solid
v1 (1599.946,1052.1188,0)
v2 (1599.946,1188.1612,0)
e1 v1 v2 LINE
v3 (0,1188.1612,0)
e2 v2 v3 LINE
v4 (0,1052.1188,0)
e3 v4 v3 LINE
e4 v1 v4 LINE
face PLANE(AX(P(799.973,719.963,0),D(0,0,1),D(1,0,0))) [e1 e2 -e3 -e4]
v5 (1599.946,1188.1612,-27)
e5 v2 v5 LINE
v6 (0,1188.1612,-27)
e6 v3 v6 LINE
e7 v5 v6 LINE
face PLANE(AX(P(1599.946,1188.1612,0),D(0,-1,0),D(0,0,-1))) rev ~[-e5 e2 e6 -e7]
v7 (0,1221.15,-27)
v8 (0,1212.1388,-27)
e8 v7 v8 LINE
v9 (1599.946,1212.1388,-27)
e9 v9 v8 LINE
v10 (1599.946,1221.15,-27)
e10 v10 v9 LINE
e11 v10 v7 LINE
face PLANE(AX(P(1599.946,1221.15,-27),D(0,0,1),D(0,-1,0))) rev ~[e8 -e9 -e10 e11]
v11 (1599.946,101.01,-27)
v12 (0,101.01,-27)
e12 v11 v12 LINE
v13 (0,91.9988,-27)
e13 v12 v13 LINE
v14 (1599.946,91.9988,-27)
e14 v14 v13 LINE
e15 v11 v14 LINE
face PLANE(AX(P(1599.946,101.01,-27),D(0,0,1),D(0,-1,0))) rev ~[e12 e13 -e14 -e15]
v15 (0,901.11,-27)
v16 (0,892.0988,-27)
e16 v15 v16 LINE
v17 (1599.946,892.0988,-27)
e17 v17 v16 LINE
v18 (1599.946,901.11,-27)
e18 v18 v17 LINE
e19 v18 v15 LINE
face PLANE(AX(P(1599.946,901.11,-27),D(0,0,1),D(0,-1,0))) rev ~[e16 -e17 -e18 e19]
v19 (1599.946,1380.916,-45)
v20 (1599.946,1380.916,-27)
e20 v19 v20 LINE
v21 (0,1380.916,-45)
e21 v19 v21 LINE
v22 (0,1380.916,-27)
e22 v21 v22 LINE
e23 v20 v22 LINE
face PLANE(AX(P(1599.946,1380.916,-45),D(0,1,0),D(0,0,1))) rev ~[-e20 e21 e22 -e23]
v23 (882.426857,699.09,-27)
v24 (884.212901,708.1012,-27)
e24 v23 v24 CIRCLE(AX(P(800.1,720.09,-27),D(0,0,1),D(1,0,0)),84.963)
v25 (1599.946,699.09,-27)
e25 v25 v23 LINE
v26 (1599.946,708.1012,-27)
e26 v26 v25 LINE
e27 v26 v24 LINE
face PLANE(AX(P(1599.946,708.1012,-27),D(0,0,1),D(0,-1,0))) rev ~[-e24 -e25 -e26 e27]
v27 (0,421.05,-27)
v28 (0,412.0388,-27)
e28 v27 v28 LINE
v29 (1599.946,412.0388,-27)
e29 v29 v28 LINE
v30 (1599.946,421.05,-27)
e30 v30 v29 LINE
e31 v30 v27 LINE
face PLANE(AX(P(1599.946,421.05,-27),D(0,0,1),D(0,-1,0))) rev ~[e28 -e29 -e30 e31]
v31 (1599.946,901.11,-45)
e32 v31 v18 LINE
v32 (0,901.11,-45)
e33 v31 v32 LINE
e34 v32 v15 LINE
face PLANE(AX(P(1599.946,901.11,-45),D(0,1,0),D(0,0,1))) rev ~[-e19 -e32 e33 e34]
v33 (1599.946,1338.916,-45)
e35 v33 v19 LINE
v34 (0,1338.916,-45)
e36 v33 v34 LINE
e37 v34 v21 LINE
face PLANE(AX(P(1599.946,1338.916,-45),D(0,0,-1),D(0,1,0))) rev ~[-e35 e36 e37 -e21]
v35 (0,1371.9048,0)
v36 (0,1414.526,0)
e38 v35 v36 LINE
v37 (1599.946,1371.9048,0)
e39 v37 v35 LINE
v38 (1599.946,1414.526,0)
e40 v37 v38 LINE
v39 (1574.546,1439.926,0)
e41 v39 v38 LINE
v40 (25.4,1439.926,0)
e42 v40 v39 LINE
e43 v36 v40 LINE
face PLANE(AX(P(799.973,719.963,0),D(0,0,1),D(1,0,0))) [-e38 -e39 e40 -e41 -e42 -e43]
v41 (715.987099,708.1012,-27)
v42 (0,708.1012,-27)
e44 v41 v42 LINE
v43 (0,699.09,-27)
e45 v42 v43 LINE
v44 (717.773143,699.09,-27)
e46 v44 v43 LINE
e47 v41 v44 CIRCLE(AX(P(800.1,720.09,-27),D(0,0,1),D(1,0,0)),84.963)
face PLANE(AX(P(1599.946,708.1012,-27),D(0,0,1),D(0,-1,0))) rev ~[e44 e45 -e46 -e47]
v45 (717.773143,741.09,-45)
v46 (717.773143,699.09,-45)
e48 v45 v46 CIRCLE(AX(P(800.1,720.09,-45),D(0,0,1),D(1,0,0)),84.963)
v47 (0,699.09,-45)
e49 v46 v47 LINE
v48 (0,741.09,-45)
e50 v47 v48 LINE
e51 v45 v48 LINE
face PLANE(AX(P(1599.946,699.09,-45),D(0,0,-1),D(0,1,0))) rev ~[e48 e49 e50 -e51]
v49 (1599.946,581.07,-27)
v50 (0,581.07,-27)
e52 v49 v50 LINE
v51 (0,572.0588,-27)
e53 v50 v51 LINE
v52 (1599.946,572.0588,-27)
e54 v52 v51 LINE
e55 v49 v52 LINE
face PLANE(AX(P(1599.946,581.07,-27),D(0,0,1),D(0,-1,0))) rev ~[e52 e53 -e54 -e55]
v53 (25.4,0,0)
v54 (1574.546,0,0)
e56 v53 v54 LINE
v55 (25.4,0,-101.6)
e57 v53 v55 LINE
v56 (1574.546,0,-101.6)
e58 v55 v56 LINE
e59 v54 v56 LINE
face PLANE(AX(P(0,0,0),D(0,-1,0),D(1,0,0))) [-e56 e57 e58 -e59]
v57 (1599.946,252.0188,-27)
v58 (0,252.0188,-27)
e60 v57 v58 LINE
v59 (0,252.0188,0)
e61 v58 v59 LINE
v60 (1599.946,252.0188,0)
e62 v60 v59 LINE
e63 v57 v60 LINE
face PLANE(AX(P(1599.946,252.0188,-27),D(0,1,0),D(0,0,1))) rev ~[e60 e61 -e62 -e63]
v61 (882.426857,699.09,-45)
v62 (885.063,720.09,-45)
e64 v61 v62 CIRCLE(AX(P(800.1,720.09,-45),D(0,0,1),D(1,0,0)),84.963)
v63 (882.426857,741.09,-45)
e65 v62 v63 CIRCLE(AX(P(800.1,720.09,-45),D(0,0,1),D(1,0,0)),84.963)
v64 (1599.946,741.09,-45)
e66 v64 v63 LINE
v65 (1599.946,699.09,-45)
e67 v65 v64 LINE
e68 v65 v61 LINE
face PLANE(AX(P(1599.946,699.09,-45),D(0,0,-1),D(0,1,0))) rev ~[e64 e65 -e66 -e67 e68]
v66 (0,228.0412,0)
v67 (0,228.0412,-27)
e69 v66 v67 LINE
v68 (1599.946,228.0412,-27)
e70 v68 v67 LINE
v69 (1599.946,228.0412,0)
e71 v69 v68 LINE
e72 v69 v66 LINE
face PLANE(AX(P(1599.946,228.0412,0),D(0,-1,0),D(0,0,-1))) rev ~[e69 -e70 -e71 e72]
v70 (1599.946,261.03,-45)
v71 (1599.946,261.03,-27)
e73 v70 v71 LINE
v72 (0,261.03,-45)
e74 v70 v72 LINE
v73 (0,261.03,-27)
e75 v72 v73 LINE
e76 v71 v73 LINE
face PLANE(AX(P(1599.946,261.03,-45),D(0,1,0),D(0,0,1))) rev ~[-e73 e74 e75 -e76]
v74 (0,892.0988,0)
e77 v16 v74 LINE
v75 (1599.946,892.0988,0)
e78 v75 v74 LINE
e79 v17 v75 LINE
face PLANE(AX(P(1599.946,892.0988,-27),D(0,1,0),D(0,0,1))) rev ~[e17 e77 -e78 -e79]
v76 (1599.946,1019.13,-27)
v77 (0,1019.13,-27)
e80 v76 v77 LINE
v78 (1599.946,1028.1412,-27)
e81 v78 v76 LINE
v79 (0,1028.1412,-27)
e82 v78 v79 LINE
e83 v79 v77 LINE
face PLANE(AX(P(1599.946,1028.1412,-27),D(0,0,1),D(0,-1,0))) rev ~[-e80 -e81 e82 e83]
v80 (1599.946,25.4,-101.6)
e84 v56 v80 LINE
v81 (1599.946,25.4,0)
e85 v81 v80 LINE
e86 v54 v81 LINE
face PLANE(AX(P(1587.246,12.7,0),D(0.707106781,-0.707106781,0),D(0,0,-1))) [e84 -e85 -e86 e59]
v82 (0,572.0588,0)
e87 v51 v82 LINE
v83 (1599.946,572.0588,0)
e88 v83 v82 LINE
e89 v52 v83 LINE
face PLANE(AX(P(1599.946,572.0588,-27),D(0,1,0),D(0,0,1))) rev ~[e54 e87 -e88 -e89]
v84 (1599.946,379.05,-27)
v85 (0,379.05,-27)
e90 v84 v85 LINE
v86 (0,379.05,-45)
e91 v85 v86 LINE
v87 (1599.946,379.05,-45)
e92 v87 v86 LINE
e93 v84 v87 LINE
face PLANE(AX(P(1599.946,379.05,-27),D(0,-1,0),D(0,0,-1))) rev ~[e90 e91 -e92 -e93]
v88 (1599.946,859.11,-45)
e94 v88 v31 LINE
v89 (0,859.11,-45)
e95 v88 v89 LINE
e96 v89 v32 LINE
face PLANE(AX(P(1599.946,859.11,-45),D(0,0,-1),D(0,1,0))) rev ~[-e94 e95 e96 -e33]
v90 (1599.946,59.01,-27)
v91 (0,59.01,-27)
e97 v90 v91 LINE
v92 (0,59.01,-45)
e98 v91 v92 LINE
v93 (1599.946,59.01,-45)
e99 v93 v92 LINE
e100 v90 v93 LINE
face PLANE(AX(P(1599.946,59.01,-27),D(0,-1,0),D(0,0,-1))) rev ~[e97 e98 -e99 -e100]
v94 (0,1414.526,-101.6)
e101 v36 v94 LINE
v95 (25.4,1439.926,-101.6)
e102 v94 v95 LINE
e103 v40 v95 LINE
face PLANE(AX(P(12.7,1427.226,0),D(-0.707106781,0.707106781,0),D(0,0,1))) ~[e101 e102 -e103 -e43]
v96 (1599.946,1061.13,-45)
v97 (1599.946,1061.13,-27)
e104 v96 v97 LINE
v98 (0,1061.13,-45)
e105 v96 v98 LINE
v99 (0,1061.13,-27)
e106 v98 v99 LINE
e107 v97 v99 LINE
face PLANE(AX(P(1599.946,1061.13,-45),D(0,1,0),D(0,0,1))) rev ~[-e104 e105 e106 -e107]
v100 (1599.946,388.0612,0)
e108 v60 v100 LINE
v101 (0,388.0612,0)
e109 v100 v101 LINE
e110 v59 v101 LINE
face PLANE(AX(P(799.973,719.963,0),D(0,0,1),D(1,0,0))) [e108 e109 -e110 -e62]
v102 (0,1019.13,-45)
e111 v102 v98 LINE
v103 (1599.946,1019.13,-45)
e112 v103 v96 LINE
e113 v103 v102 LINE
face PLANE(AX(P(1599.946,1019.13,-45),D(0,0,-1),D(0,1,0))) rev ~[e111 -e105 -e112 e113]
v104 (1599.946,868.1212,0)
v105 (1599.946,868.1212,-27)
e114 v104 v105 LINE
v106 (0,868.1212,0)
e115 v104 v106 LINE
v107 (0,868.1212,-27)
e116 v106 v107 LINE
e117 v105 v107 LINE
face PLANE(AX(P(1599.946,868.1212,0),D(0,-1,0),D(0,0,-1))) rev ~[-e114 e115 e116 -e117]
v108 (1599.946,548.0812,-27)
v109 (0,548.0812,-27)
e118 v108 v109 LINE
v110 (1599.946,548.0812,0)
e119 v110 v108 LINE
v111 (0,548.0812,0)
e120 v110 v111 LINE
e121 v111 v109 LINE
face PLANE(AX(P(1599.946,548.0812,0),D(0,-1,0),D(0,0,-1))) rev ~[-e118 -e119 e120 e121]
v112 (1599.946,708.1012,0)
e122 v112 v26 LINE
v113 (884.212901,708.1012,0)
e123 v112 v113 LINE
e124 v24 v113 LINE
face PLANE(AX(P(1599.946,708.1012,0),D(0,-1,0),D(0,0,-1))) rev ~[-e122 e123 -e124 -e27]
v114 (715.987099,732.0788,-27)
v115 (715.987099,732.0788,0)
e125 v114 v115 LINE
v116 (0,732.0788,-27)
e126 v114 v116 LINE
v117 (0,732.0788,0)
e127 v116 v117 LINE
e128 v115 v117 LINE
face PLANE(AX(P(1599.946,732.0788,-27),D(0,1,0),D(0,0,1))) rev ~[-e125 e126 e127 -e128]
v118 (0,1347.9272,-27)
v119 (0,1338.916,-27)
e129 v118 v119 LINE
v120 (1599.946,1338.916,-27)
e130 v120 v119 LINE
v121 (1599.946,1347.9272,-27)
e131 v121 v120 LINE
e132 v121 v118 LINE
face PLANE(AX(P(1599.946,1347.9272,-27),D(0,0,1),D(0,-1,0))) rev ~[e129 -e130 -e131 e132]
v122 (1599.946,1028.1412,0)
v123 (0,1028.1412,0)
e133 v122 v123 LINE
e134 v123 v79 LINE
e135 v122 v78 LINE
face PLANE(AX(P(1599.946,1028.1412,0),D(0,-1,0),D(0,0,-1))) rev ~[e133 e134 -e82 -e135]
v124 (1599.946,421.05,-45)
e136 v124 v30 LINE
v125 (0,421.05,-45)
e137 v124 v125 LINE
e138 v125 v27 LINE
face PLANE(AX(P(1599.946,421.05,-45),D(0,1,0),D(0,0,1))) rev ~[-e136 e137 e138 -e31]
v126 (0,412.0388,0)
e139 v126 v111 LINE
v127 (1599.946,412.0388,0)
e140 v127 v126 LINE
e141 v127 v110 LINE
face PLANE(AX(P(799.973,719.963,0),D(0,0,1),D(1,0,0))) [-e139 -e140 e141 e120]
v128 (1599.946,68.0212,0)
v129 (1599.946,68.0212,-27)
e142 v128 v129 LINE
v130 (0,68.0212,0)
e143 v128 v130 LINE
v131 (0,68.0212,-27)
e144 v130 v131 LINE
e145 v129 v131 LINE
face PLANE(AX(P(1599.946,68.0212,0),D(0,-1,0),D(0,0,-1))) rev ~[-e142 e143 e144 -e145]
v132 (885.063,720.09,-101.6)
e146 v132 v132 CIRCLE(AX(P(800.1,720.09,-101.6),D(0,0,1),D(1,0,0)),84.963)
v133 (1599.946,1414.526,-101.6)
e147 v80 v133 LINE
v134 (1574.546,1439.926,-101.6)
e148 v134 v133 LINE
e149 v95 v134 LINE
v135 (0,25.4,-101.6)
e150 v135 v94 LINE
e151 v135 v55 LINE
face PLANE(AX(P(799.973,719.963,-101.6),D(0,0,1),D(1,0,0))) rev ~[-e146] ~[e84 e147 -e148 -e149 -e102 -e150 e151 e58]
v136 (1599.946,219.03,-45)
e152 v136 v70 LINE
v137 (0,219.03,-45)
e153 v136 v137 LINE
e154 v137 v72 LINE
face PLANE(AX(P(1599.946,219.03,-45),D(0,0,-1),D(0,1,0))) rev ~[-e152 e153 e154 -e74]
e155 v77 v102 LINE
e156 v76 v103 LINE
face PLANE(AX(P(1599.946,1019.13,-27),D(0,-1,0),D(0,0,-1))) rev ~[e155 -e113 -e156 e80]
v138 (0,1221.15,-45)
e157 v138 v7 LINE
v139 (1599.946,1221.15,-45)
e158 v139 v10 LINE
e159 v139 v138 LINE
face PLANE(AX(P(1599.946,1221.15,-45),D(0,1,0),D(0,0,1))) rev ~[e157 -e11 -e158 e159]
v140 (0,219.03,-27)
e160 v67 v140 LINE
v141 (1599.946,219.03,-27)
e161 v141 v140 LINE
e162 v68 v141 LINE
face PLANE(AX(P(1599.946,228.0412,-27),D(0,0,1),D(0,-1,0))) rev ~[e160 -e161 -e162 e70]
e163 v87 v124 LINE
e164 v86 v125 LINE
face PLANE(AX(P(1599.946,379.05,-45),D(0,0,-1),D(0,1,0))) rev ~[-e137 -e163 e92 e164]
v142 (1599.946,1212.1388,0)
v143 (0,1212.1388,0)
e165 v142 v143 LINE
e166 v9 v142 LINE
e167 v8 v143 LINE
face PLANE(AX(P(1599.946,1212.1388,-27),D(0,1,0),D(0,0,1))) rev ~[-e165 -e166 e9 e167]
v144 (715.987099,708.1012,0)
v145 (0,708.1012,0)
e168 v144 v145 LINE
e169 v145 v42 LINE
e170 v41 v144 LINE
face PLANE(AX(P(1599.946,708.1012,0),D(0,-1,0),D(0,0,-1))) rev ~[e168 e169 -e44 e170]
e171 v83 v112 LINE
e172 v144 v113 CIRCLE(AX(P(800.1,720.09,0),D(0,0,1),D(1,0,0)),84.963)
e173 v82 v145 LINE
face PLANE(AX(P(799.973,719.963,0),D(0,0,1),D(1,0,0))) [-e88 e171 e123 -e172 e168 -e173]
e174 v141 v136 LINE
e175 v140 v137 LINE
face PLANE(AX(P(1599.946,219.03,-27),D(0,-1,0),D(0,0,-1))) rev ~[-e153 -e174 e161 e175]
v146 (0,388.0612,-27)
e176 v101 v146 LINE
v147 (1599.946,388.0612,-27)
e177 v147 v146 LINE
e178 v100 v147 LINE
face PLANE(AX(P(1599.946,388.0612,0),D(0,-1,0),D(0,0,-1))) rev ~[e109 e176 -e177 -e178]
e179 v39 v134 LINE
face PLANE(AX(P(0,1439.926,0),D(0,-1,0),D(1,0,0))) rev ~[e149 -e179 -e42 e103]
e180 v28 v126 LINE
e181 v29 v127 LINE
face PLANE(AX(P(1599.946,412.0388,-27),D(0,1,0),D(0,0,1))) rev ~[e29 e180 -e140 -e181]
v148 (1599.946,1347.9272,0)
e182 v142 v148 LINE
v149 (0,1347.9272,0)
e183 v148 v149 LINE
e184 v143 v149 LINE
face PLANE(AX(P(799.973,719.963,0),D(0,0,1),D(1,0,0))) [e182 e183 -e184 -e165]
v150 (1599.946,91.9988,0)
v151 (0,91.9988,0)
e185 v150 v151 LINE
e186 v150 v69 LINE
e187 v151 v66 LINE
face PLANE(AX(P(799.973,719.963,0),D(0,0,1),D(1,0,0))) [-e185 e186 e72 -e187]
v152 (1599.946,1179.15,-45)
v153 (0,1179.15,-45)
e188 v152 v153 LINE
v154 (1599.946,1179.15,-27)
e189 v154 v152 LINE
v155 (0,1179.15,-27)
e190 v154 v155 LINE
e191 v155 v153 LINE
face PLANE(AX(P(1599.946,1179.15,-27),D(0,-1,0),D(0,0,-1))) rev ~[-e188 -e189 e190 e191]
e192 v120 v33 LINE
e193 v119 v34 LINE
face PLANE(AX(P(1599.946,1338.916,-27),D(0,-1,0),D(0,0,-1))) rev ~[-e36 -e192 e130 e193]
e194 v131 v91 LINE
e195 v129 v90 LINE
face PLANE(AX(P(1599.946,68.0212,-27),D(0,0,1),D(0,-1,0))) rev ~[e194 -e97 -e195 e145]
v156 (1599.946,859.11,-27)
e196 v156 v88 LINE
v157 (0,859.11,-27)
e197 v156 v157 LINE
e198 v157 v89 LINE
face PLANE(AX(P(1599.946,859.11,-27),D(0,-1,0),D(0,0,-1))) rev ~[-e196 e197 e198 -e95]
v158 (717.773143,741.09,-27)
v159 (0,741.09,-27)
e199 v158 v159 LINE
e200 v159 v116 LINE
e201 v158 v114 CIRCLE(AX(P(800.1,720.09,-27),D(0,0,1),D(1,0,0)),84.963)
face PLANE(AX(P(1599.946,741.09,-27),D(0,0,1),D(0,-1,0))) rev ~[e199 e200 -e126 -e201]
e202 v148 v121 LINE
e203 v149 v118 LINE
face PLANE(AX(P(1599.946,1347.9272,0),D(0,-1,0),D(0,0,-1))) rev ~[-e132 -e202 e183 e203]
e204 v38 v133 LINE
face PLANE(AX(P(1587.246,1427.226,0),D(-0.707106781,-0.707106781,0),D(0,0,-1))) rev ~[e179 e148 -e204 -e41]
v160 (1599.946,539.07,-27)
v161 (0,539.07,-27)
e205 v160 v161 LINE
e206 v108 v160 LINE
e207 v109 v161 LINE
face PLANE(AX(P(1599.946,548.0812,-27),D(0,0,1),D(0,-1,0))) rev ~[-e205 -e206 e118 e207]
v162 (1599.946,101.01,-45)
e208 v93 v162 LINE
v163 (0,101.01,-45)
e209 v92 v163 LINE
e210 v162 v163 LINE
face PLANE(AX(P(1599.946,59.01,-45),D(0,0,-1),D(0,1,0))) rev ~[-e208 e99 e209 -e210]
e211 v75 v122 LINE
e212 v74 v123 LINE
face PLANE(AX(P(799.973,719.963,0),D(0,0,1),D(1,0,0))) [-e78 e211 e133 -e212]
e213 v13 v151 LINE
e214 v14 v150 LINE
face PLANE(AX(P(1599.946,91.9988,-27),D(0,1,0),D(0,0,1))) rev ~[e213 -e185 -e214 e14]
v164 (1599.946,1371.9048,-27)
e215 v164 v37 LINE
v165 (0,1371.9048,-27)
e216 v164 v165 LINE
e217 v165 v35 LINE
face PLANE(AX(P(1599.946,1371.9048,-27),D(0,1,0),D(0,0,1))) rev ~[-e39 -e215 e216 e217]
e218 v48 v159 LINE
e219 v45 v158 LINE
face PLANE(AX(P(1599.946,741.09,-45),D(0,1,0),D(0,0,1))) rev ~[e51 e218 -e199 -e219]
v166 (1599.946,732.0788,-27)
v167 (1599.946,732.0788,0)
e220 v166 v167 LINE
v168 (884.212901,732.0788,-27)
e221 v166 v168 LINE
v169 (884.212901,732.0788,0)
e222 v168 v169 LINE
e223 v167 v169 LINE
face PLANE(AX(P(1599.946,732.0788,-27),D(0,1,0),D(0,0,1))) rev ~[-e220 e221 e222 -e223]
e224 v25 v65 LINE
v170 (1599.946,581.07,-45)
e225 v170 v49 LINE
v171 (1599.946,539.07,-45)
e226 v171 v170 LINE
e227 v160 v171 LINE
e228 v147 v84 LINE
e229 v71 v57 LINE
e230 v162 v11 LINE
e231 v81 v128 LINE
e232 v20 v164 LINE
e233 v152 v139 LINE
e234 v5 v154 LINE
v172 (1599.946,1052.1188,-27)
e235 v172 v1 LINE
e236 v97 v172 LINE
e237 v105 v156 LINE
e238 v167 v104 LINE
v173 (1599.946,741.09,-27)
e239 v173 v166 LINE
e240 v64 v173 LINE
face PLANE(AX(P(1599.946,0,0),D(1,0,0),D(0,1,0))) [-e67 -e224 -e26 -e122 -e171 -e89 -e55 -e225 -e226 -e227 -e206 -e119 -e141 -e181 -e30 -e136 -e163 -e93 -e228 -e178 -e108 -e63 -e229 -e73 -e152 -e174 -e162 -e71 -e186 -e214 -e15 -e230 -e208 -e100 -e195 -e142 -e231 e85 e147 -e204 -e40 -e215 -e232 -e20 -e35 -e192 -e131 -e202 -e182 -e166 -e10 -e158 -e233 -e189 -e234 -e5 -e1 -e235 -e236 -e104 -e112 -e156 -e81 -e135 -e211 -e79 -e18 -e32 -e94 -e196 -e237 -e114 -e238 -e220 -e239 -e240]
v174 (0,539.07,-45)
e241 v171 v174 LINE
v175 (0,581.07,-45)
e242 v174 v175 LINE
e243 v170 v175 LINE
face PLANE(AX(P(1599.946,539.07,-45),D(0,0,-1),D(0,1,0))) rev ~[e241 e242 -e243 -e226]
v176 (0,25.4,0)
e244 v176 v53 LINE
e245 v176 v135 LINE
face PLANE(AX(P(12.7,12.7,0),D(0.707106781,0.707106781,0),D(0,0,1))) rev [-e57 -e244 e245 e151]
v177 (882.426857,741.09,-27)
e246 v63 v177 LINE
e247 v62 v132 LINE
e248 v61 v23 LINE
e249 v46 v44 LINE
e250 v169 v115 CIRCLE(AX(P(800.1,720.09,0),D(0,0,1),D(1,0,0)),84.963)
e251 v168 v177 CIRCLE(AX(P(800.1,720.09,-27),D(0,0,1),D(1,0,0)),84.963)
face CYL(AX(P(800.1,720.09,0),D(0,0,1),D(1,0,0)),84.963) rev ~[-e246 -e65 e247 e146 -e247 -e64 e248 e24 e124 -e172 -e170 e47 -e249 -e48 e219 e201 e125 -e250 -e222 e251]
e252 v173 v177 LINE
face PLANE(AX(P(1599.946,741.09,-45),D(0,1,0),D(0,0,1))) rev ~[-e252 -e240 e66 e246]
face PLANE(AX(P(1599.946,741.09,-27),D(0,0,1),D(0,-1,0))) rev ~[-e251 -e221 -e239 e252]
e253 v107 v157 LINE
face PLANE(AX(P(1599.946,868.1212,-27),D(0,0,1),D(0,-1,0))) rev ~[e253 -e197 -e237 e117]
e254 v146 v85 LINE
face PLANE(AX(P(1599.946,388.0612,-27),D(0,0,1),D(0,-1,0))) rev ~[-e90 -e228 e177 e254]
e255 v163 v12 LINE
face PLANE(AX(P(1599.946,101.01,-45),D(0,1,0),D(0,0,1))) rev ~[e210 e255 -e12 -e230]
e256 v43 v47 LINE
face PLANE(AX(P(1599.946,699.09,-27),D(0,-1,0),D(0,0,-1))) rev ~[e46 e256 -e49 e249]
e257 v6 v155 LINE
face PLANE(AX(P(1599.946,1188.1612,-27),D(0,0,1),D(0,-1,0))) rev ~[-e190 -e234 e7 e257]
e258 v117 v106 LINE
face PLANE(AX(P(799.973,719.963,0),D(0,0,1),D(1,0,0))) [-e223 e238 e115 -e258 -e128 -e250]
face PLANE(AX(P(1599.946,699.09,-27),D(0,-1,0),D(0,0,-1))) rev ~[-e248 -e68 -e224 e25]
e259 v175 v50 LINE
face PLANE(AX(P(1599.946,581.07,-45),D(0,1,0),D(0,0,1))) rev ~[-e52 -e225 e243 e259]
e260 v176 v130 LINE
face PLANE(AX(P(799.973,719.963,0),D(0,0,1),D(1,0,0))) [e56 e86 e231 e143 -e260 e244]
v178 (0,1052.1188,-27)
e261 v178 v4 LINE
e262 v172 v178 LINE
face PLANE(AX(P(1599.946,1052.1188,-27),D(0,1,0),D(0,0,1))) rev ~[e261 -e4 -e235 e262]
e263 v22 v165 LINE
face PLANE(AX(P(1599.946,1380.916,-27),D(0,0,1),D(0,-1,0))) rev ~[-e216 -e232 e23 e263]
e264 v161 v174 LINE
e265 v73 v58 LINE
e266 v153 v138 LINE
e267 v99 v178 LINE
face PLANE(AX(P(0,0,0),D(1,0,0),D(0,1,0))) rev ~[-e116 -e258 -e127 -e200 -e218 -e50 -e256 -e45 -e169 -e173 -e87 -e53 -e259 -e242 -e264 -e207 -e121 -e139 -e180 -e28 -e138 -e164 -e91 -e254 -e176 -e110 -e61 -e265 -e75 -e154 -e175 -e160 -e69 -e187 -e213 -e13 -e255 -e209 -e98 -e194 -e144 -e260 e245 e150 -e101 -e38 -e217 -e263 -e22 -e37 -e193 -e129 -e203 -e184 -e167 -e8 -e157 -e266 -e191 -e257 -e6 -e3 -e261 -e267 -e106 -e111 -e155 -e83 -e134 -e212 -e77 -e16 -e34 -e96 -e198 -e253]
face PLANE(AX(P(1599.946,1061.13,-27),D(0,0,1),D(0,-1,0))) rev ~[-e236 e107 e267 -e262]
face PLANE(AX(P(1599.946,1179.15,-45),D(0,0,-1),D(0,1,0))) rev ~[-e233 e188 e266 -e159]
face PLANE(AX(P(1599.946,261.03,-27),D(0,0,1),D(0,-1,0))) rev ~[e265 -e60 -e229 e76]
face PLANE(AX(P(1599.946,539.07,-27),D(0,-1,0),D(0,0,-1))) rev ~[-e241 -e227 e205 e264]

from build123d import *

# Parameters (mm, degrees)
F0_W     = 1599.946
F0_H     = 1439.926
F1_DEPTH = 101.6
F3_DEPTH = 1599.947
F4_SIZE  = 25.4
F5_R     = 84.963
F6_DEPTH = 101.601


with BuildPart() as f1:
    # F0 (on Top) → F1 (new body)
    with BuildSketch(Plane.XY):
        with Locations((799.973, 719.963)):
            Rectangle(F0_W, F0_H)
    extrude(amount=-F1_DEPTH)

    # F2 (on face) → F3 (cut, through all)
    with BuildSketch(Plane.YZ.offset(1599.946)):
        Polygon((91.9988, 0), (68.0212, 0), (68.0212, -26.9914), (68.0212, -27), (59.01, -27), (59.01, -45), (101.01, -45), (101.01, -27), (91.9988, -27), (91.9988, -26.9914), align=None)
        Polygon((1371.9048, -26.9914), (1371.9048, 0), (1347.9272, 0), (1347.9272, -26.9914), (1347.9272, -27), (1338.916, -27), (1338.916, -45), (1380.916, -45), (1380.916, -27), (1371.9048, -27), align=None)
        Polygon((261.03, -27), (252.0188, -27), (252.0188, -26.9914), (252.0188, 0), (228.0412, 0), (228.0412, -26.9914), (228.0412, -27), (219.03, -27), (219.03, -45), (261.03, -45), align=None)
        Polygon((421.05, -27), (412.0388, -27), (412.0388, -26.9914), (412.0388, 0), (388.0612, 0), (388.0612, -26.9914), (388.0612, -27), (379.05, -27), (379.05, -45), (421.05, -45), align=None)
        Polygon((581.07, -27), (572.0588, -27), (572.0588, -26.9914), (572.0588, 0), (548.0812, 0), (548.0812, -26.9914), (548.0812, -27), (539.07, -27), (539.07, -45), (581.07, -45), align=None)
        Polygon((741.09, -27), (732.0788, -27), (732.0788, -26.9914), (732.0788, 0), (708.1012, 0), (708.1012, -26.9914), (708.1012, -27), (699.09, -27), (699.09, -45), (741.09, -45), align=None)
        Polygon((901.11, -27), (892.0988, -27), (892.0988, -26.9914), (892.0988, 0), (868.1212, 0), (868.1212, -26.9914), (868.1212, -27), (859.11, -27), (859.11, -45), (901.11, -45), align=None)
        Polygon((1061.13, -27), (1052.1188, -27), (1052.1188, -26.9914), (1052.1188, 0), (1028.1412, 0), (1028.1412, -26.9914), (1028.1412, -27), (1019.13, -27), (1019.13, -45), (1061.13, -45), align=None)
        Polygon((1221.15, -27), (1212.1388, -27), (1212.1388, -26.9914), (1212.1388, 0), (1188.1612, 0), (1188.1612, -26.9914), (1188.1612, -27), (1179.15, -27), (1179.15, -45), (1221.15, -45), align=None)
    extrude(amount=-F3_DEPTH, mode=Mode.SUBTRACT)

    # F4
    f4_edges = [f1.edges().sort_by_distance(p)[0] for p in [
        (1599.946, 0, -50.8),
        (1599.946, 1439.926, -50.8),
        (0, 0, -50.8),
        (0, 1439.926, -50.8),
    ]]
    chamfer(f4_edges, length=F4_SIZE)

    # F5 (on face) → F6 (cut, through all)
    with BuildSketch(Plane.XY):
        with Locations((800.1, 720.09)):
            Circle(F5_R)
    extrude(amount=-F6_DEPTH, mode=Mode.SUBTRACT)


solid = f1.part
